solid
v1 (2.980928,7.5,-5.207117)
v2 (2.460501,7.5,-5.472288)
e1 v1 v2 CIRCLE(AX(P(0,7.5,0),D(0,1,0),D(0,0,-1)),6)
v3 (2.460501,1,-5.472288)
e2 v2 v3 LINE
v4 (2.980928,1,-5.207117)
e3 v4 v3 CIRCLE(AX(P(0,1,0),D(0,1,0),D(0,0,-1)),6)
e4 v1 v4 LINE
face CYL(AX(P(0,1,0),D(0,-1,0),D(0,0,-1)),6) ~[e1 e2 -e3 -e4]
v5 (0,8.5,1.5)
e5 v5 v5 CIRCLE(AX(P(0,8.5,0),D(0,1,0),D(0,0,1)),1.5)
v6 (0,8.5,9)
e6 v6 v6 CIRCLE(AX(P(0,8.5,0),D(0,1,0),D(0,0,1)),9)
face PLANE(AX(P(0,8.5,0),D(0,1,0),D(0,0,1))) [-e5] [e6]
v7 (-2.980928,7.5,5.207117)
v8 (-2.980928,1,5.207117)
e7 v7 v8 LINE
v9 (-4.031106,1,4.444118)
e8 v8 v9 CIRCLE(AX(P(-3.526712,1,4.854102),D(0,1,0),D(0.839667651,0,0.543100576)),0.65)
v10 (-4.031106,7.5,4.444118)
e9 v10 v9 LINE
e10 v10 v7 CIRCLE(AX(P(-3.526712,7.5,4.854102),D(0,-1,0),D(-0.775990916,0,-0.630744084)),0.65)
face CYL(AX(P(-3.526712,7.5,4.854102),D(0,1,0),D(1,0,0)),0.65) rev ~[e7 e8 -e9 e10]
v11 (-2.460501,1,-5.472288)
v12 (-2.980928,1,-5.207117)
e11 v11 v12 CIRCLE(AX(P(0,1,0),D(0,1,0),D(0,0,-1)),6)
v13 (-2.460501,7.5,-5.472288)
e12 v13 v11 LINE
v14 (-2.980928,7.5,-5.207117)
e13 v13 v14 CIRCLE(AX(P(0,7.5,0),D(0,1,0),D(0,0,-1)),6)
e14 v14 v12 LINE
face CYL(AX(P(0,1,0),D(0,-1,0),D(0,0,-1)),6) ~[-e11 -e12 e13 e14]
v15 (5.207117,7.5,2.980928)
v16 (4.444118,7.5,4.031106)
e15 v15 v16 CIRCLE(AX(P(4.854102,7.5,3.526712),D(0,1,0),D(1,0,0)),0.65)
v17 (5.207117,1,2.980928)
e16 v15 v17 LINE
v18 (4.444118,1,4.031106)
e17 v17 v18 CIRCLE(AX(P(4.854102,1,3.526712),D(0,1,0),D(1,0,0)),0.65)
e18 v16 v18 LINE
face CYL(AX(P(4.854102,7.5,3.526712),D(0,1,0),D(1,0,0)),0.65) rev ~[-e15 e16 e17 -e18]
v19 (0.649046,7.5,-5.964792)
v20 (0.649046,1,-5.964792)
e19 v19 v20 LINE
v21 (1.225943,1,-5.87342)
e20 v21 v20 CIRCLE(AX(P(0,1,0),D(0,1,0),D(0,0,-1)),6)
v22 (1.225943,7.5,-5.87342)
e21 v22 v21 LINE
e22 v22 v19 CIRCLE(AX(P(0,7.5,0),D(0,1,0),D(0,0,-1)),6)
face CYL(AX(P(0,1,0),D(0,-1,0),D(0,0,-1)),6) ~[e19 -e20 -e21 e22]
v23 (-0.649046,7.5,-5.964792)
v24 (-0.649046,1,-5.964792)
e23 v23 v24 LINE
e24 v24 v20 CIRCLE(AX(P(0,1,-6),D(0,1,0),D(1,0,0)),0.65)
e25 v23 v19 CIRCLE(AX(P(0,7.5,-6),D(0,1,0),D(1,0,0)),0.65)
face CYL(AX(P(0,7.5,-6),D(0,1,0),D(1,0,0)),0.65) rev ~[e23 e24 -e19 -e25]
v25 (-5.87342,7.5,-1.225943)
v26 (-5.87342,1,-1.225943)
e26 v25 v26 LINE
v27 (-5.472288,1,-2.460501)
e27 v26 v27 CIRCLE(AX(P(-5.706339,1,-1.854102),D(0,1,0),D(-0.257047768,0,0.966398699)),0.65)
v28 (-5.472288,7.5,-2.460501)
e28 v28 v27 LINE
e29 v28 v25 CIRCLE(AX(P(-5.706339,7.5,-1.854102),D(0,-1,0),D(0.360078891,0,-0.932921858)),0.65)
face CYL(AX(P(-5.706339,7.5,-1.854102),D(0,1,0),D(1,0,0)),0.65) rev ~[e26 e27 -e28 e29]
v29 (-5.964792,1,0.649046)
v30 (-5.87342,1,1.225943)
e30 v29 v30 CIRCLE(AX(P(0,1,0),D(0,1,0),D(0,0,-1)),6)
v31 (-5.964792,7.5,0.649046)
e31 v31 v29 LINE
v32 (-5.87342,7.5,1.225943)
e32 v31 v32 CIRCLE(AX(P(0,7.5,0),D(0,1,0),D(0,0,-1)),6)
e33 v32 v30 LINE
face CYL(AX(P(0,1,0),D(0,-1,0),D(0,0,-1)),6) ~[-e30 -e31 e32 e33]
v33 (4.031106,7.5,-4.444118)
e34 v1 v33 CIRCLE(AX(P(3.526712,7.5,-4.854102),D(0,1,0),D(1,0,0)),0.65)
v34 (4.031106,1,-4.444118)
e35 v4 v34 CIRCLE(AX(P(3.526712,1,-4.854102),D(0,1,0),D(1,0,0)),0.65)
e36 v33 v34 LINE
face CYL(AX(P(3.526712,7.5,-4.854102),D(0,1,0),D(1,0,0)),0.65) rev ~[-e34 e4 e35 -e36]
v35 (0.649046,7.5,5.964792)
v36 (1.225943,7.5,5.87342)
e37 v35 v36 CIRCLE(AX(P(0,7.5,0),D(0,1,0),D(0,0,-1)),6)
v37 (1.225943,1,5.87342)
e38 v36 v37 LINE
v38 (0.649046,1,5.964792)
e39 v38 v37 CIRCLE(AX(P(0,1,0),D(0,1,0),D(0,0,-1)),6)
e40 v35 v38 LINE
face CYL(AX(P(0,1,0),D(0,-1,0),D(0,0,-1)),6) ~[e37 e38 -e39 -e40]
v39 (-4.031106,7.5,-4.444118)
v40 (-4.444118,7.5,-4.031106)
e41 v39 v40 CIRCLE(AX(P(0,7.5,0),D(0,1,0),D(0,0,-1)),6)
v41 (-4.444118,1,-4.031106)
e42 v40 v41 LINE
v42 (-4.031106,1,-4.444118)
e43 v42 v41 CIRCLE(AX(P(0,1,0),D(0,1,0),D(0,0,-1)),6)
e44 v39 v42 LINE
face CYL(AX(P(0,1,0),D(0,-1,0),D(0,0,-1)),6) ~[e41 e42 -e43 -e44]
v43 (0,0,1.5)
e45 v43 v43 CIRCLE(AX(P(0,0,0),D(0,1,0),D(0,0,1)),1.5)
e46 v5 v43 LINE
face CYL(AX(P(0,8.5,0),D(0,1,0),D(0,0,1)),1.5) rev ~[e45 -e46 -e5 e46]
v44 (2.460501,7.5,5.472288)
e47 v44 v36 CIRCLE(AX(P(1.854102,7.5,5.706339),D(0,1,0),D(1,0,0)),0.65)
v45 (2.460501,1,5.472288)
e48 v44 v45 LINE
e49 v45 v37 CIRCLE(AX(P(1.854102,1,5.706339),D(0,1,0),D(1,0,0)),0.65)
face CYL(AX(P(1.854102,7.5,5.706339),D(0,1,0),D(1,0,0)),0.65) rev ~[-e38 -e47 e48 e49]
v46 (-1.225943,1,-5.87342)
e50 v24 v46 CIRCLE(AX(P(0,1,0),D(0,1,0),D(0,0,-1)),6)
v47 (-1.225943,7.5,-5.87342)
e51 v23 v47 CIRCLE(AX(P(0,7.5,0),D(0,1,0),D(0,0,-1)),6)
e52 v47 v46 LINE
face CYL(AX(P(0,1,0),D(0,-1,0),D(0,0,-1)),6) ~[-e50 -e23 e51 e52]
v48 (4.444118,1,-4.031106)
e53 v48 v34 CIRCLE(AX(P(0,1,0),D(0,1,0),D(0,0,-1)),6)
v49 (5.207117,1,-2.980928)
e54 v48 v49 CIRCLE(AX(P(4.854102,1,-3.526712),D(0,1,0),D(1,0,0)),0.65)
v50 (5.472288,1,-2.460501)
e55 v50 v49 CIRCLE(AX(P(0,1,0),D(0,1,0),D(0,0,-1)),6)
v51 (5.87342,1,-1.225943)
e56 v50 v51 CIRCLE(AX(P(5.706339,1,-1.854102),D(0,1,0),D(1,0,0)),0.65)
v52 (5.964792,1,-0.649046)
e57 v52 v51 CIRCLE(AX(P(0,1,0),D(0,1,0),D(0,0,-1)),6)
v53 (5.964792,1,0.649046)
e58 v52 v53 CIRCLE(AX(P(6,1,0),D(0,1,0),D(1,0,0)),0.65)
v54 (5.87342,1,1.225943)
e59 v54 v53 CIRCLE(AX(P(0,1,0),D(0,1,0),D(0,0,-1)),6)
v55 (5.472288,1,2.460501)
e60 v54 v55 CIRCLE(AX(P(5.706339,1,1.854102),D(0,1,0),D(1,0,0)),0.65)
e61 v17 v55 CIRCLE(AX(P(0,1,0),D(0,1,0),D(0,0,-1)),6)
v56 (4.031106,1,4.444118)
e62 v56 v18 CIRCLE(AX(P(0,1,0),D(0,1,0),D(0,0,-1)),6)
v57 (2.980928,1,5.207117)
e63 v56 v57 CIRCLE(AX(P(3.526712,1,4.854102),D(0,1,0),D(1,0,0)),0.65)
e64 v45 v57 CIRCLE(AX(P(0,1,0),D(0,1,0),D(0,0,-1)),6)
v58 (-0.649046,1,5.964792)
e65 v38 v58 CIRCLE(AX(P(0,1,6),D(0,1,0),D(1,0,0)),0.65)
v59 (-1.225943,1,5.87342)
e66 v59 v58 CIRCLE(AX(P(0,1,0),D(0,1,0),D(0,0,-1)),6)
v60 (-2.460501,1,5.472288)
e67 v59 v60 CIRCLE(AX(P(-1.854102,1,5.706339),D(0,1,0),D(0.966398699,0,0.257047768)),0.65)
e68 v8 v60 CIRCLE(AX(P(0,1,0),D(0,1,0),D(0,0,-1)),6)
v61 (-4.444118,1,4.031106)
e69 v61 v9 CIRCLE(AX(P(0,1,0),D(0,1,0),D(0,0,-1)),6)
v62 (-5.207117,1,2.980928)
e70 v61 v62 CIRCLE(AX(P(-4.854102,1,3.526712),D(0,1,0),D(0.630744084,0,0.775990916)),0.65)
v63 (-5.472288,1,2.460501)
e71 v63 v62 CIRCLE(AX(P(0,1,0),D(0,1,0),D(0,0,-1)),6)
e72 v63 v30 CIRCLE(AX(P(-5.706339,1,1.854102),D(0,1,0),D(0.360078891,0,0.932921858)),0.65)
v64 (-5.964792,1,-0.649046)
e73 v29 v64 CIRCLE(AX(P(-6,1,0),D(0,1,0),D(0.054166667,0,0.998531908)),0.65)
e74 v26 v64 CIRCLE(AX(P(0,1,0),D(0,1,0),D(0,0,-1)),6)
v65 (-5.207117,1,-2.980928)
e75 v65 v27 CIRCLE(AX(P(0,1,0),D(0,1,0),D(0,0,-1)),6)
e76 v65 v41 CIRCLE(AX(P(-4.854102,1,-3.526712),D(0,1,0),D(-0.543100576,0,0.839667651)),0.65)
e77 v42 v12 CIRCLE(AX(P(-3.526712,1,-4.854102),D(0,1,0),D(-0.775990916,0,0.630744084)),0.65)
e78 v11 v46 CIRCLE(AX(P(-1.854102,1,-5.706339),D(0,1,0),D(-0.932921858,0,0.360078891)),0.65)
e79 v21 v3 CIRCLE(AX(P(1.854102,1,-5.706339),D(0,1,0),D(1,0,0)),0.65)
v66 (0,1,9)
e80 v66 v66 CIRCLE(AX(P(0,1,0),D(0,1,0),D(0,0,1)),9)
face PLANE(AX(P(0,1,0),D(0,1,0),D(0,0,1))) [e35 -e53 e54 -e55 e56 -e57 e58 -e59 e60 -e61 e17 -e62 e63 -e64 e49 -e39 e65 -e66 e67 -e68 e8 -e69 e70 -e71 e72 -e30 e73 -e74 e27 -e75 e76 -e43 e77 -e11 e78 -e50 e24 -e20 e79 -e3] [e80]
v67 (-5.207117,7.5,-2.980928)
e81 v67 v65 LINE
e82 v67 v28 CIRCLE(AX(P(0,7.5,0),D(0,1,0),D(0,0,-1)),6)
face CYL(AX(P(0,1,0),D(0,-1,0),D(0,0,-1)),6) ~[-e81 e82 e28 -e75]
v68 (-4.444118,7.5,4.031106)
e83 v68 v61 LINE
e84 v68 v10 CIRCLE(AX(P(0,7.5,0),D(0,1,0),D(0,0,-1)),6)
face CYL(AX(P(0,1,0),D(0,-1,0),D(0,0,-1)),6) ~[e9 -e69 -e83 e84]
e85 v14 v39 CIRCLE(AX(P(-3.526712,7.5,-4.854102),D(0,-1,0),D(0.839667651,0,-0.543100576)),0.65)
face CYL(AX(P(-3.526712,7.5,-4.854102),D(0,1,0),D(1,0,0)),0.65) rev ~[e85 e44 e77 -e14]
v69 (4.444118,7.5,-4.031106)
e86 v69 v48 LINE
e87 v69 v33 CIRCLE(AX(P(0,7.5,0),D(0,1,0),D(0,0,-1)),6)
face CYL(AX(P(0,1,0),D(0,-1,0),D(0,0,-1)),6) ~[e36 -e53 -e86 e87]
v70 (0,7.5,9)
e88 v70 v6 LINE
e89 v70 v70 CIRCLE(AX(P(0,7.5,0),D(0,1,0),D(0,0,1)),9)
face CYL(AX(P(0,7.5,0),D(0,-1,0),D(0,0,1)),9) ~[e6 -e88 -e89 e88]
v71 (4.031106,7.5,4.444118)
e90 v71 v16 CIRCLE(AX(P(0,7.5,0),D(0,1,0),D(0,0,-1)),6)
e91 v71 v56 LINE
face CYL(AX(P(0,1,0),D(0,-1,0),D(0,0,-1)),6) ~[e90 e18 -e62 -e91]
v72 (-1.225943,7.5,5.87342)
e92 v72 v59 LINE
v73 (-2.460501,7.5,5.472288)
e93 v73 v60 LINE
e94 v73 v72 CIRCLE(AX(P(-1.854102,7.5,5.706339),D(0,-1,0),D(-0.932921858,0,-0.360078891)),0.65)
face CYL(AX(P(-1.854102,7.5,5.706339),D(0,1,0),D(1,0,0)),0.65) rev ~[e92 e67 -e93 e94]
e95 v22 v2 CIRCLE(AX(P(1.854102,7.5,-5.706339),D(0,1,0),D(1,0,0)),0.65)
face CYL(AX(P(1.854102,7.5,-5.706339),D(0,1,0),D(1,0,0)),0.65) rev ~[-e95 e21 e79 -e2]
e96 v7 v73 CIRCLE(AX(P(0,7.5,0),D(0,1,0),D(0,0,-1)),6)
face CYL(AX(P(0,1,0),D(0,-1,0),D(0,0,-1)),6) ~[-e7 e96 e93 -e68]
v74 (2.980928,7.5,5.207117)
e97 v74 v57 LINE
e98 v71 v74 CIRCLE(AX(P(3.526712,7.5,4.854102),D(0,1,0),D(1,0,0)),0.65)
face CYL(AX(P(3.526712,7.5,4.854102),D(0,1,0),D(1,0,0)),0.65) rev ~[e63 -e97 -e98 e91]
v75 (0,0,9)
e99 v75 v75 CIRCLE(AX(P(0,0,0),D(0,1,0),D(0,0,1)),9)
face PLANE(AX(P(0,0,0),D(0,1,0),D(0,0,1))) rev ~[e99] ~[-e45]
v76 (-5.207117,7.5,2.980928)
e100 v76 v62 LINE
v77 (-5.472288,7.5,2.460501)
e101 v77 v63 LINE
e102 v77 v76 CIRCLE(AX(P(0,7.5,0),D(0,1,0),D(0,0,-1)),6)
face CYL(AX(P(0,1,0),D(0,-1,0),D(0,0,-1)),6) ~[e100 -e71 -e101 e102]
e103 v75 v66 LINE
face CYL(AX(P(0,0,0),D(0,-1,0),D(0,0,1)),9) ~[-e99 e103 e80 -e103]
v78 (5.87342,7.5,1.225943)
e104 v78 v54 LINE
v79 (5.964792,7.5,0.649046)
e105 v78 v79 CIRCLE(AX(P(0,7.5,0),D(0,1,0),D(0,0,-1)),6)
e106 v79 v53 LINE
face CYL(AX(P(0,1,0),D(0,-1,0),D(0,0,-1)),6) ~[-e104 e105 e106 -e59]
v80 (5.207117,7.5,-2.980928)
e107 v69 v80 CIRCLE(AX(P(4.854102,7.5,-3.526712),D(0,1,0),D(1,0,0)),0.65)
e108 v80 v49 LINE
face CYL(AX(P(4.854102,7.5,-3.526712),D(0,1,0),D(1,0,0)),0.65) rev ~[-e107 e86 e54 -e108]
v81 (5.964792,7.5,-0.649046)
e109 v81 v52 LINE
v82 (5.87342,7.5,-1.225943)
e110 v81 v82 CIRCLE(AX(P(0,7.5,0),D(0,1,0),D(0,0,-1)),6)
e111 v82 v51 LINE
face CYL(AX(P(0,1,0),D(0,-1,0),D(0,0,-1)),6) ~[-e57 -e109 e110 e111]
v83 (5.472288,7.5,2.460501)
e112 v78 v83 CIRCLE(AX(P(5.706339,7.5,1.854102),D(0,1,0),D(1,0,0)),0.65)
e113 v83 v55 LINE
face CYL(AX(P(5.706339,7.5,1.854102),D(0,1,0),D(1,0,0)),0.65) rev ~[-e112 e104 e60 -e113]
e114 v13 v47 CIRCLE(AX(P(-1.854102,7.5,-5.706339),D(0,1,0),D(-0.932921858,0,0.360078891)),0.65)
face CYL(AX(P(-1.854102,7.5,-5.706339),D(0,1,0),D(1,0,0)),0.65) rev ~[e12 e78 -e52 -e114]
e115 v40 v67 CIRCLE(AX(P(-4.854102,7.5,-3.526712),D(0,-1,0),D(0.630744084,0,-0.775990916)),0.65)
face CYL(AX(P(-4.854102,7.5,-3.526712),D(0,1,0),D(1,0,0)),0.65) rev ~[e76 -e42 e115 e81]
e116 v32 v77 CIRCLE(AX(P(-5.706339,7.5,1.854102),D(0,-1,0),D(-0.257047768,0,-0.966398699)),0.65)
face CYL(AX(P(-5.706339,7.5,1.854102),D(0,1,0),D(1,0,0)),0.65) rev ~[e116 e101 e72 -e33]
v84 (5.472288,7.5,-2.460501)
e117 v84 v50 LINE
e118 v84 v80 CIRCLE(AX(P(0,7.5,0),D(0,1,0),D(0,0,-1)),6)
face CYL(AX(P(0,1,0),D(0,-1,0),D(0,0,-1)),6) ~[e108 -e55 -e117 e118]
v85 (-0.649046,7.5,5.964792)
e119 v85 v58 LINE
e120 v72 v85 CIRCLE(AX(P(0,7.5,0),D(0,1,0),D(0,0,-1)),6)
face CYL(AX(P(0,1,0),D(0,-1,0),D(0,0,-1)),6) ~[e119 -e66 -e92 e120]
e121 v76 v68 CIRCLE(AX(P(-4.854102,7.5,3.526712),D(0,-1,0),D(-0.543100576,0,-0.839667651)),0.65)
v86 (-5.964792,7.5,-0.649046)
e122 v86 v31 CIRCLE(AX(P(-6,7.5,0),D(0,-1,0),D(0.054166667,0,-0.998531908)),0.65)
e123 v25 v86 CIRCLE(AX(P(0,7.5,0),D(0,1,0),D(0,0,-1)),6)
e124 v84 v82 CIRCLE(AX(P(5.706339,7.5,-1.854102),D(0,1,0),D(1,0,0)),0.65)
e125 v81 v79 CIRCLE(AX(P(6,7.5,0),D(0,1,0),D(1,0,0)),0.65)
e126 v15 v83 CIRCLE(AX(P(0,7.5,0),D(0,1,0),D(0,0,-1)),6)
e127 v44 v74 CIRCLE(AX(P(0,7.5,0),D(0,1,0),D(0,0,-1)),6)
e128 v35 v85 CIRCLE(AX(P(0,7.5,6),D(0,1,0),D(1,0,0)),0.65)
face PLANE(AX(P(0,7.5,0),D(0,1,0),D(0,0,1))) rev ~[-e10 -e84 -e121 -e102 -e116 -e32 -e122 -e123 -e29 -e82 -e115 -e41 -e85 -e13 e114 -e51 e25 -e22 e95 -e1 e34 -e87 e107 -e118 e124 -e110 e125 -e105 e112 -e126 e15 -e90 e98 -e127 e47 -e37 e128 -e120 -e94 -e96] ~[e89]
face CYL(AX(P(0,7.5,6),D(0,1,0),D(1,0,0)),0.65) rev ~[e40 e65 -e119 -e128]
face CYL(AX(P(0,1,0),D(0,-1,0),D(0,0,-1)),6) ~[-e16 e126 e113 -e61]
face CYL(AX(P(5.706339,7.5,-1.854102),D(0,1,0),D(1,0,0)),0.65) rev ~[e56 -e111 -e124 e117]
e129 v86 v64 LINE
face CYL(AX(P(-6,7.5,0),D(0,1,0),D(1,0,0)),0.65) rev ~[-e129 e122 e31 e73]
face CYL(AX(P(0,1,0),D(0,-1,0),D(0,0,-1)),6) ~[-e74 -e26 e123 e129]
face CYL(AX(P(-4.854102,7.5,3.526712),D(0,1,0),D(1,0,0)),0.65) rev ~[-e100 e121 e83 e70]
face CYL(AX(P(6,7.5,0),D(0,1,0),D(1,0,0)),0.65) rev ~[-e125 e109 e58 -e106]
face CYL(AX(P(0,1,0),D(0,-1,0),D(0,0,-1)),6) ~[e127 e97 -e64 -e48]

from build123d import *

# Parameters (mm, degrees)
SKETCH_1_R          = 9
EXTRUDE_1_DEPTH     = 1
SKETCH_2_R          = 6
EXTRUDE_2_DEPTH     = 6.5
SKETCH_3_R          = 0.65
CUT_EXTRUDE_1_DEPTH = 6.5
SKETCH_5_R          = 9
EXTRUDE_3_DEPTH     = 1
SKETCH_6_R          = 1.5
CUT_EXTRUDE_2_DEPTH = 16.305227865


with BuildPart() as part:
    # 草图1 → 凸台-拉伸1 (new body)
    with BuildSketch(Plane(origin=(0, 0, 0), x_dir=(1, 0, 0), z_dir=(0, 1, 0))):
        with Locations(Location((0, 0, 0), (0, 0, 270))):
            Circle(SKETCH_1_R)
    extrude(amount=EXTRUDE_1_DEPTH)

    # 草图2 → 凸台-拉伸2 (add)
    with BuildSketch(Plane(origin=(0, 1, 0), x_dir=(1, 0, 0), z_dir=(0, 1, 0))):
        with Locations(Location((0, 0, 0), (0, 0, 90))):
            Circle(SKETCH_2_R)
    extrude(amount=EXTRUDE_2_DEPTH)

    # 草图3 → 切除-拉伸1 (cut)
    with BuildSketch(Plane(origin=(0, 7.5, 0), x_dir=(1, 0, 0), z_dir=(0, 1, 0))):
        with Locations((0, 6)):
            Circle(SKETCH_3_R)
        with Locations((1.854101966, 5.706339098)):
            Circle(SKETCH_3_R)
        with Locations((3.526711514, 4.854101966)):
            Circle(SKETCH_3_R)
        with Locations((4.854101966, 3.526711514)):
            Circle(SKETCH_3_R)
        with Locations((5.706339098, 1.854101966)):
            Circle(SKETCH_3_R)
        with Locations((6, 0)):
            Circle(SKETCH_3_R)
        with Locations((5.706339098, -1.854101966)):
            Circle(SKETCH_3_R)
        with Locations((4.854101966, -3.526711514)):
            Circle(SKETCH_3_R)
        with Locations((3.526711514, -4.854101966)):
            Circle(SKETCH_3_R)
        with Locations((1.854101966, -5.706339098)):
            Circle(SKETCH_3_R)
        with Locations((0, -6)):
            Circle(SKETCH_3_R)
        with Locations((-1.854101966, -5.706339098)):
            Circle(SKETCH_3_R)
        with Locations((-3.526711514, -4.854101966)):
            Circle(SKETCH_3_R)
        with Locations((-4.854101966, -3.526711514)):
            Circle(SKETCH_3_R)
        with Locations((-5.706339098, -1.854101966)):
            Circle(SKETCH_3_R)
        with Locations((-6, 0)):
            Circle(SKETCH_3_R)
        with Locations((-5.706339098, 1.854101966)):
            Circle(SKETCH_3_R)
        with Locations((-4.854101966, 3.526711514)):
            Circle(SKETCH_3_R)
        with Locations((-3.526711514, 4.854101966)):
            Circle(SKETCH_3_R)
        with Locations((-1.854101966, 5.706339098)):
            Circle(SKETCH_3_R)
    extrude(amount=-CUT_EXTRUDE_1_DEPTH, mode=Mode.SUBTRACT)

    # 草图5 → 凸台-拉伸3 (add)
    with BuildSketch(Plane(origin=(0, 7.5, 0), x_dir=(1, 0, 0), z_dir=(0, 1, 0))):
        with Locations(Location((0, 0, 0), (0, 0, 270))):
            Circle(SKETCH_5_R)
    extrude(amount=EXTRUDE_3_DEPTH)

    # 草图6 → 切除-拉伸2 (cut, through all)
    with BuildSketch(Plane(origin=(0, 8.5, 0), x_dir=(1, 0, 0), z_dir=(0, 1, 0))):
        with Locations(Location((0, 0, 0), (0, 0, 270))):
            Circle(SKETCH_6_R)
    extrude(amount=-CUT_EXTRUDE_2_DEPTH, mode=Mode.SUBTRACT)


solid = part.part
